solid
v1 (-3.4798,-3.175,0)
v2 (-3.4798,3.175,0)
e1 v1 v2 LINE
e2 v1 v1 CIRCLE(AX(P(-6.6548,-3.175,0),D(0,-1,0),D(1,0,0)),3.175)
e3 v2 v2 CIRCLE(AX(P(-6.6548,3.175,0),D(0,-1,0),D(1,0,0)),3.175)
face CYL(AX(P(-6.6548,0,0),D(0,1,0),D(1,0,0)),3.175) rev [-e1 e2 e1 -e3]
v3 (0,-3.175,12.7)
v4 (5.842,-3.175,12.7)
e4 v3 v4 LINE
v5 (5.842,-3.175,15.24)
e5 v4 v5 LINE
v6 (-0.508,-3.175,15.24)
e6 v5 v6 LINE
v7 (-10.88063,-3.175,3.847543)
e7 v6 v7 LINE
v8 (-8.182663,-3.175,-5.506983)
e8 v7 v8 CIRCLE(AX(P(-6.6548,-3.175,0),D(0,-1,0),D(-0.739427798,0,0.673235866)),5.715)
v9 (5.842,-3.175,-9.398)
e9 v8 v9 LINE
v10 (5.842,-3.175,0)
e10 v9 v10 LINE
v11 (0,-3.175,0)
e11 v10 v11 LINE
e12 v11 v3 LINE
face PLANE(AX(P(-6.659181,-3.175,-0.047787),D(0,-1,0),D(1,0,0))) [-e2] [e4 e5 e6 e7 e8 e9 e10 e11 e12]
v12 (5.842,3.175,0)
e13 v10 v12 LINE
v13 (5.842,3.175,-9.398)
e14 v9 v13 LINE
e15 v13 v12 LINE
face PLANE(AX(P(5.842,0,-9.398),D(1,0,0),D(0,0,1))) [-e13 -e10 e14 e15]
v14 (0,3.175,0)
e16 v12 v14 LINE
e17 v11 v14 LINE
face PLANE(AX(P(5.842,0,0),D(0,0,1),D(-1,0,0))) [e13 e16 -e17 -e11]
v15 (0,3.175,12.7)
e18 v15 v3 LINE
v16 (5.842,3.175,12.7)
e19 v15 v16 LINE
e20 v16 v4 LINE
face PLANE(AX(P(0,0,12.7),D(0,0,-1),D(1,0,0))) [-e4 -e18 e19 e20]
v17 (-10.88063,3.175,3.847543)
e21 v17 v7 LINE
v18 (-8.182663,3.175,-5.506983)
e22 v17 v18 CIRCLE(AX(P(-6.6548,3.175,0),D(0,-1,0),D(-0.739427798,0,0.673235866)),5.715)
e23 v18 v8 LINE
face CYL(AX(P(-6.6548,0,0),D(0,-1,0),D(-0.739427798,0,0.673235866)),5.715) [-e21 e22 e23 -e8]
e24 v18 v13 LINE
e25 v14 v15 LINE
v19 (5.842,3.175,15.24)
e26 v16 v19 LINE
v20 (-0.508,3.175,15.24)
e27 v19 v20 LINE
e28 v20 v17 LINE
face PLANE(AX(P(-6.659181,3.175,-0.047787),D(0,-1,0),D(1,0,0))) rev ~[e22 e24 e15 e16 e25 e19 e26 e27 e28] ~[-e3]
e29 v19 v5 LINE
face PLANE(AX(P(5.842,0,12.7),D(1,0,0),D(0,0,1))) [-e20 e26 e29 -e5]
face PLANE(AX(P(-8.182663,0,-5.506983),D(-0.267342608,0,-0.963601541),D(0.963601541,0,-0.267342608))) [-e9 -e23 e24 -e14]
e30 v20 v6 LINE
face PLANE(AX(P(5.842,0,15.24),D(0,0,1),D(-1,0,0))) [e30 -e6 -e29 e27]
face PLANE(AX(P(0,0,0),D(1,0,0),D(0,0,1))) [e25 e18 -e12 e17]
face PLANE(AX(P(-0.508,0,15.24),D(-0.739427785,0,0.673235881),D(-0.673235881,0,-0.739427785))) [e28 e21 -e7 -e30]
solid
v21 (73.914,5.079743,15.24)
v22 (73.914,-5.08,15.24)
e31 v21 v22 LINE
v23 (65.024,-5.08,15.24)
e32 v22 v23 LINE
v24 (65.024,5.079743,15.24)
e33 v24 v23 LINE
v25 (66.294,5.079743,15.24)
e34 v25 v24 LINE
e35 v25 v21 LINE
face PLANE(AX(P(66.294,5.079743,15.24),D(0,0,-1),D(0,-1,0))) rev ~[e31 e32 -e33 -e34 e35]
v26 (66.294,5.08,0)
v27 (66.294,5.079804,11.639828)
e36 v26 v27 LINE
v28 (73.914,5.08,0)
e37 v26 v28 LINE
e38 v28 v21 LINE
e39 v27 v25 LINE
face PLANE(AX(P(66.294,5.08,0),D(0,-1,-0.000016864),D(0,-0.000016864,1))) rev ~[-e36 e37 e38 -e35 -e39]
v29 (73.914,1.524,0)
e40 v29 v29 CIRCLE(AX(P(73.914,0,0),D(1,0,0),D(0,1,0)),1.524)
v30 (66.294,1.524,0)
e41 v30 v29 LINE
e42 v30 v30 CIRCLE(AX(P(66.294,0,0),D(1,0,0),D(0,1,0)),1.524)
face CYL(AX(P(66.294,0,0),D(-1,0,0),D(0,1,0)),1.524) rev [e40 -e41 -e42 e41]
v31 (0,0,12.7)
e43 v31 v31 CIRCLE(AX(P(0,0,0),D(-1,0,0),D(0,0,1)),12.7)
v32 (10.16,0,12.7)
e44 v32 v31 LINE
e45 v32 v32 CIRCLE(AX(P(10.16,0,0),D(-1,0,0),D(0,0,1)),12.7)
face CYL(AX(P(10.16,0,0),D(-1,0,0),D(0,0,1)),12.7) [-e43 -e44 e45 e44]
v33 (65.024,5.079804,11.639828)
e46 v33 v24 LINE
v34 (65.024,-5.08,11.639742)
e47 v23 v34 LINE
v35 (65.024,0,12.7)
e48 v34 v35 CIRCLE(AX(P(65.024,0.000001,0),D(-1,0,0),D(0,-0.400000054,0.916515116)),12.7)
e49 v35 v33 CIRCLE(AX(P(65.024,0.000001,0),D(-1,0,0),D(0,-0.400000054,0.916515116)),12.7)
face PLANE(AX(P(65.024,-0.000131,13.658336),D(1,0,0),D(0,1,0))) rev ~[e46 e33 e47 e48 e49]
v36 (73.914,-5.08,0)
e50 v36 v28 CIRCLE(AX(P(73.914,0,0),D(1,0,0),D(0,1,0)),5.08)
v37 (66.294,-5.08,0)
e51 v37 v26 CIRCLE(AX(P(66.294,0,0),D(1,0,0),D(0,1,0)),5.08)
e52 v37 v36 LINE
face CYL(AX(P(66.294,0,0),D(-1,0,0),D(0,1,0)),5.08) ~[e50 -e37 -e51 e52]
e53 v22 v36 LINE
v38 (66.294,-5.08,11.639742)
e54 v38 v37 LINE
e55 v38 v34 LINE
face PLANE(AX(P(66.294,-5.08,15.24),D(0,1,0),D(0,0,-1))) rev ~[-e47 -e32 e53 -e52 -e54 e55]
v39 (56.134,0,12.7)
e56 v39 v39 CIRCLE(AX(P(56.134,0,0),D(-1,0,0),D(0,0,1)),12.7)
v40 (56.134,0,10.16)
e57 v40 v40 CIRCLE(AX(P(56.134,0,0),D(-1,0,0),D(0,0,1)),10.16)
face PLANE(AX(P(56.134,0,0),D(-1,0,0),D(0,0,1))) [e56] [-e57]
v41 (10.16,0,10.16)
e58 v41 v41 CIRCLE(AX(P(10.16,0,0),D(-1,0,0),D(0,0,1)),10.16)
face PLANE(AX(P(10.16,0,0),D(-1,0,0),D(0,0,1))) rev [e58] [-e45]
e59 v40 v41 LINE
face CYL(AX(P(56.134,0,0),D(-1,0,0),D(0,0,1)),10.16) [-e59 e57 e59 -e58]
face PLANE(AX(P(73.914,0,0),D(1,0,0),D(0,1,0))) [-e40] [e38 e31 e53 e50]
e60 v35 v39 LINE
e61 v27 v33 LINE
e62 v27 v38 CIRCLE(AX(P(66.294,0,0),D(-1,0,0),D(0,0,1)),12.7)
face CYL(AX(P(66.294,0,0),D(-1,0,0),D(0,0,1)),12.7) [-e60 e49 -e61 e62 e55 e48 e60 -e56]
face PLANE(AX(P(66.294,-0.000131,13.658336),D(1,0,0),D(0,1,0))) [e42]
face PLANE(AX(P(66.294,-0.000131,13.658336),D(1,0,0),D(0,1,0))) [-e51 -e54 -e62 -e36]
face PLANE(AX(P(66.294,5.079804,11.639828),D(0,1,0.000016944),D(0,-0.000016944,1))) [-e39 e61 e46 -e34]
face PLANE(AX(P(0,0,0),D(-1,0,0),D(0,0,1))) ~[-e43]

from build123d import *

# Parameters (mm, degrees)
F0_W     = 5.842
F0_H     = 12.7
F0_R     = 3.175
F2_DEPTH = 3.175
F4_DEPTH = 1.27
F3_R     = 1.524
F5_DEPTH = 7.62


with BuildPart() as f1:
    # F0 (on Front) → F1 (revolve)
    with BuildSketch(Plane.XZ):
        Polygon((5.842, 12.7), (5.842, 0), (66.294, 0), (66.294, 12.7), (56.134, 12.7), (56.134, 10.16), (10.16, 10.16), (10.16, 12.7), align=None)
        with Locations((2.921, 6.35)):
            Rectangle(F0_W, F0_H)
    revolve(axis=Axis((33.147, 0, 0), (-1, 0, 0)))

    # F3 (on face) → F4 (join)
    with BuildSketch(Plane.YZ.offset(66.294)):
        with BuildLine():
            ThreePointArc((-5.08, 11.639742), (-0.000107, 12.7), (5.079804, 11.639828))
            Line((5.079804, 11.639828), (5.079743, 15.24))
            Line((5.079743, 15.24), (-5.08, 15.24))
            Line((-5.08, 15.24), (-5.08, 11.639742))
        make_face()
    extrude(amount=-F4_DEPTH)

    # F3 (on face) → F5 (join)
    with BuildSketch(Plane.YZ.offset(66.294)):
        with BuildLine():
            ThreePointArc((-5.08, 0), (0, -5.08), (5.08, 0))
            ThreePointArc((5.08, 0), (0, 5.08), (-5.08, 0))
        make_face()
        Circle(F3_R, mode=Mode.SUBTRACT)
        with BuildLine():
            ThreePointArc((-5.08, 0), (0, 5.08), (5.08, 0))
            Line((5.08, 0), (5.079743, 15.24))
            Line((5.079743, 15.24), (-5.08, 15.24))
            Line((-5.08, 15.24), (-5.08, 0))
        make_face()
    extrude(amount=F5_DEPTH)


with BuildPart() as f2:
    # F0 (on Front) → F2 (new body, symmetric)
    with BuildSketch(Plane.XZ):
        with BuildLine():
            ThreePointArc((-8.182663, -5.506983), (-3.195791, -4.549339), (-0.9398, 0))
            ThreePointArc((-0.9398, 0), (-4.591961, 5.329721), (-10.88063, 3.847543))
            ThreePointArc((-10.88063, 3.847543), (-12.145978, -1.583727), (-8.182663, -5.506983))
        make_face()
        with Locations((-6.6548, 0)):
            Circle(F0_R, mode=Mode.SUBTRACT)
        with BuildLine():
            Line((-0.9398, 0), (0, 0))
            Line((0, 0), (0, 12.7))
            Line((0, 12.7), (5.842, 12.7))
            Line((5.842, 12.7), (5.842, 15.24))
            Line((5.842, 15.24), (-0.508, 15.24))
            Line((-0.508, 15.24), (-10.88063, 3.847543))
            ThreePointArc((-10.88063, 3.847543), (-4.591961, 5.329721), (-0.9398, 0))
        make_face()
        with BuildLine():
            Line((5.842, 0), (0, 0))
            Line((0, 0), (-0.9398, 0))
            ThreePointArc((-0.9398, 0), (-3.195791, -4.549339), (-8.182663, -5.506983))
            Line((-8.182663, -5.506983), (5.842, -9.398))
            Line((5.842, -9.398), (5.842, 0))
        make_face()
    extrude(amount=F2_DEPTH, both=True)


solid = Compound([f1.part, f2.part])
